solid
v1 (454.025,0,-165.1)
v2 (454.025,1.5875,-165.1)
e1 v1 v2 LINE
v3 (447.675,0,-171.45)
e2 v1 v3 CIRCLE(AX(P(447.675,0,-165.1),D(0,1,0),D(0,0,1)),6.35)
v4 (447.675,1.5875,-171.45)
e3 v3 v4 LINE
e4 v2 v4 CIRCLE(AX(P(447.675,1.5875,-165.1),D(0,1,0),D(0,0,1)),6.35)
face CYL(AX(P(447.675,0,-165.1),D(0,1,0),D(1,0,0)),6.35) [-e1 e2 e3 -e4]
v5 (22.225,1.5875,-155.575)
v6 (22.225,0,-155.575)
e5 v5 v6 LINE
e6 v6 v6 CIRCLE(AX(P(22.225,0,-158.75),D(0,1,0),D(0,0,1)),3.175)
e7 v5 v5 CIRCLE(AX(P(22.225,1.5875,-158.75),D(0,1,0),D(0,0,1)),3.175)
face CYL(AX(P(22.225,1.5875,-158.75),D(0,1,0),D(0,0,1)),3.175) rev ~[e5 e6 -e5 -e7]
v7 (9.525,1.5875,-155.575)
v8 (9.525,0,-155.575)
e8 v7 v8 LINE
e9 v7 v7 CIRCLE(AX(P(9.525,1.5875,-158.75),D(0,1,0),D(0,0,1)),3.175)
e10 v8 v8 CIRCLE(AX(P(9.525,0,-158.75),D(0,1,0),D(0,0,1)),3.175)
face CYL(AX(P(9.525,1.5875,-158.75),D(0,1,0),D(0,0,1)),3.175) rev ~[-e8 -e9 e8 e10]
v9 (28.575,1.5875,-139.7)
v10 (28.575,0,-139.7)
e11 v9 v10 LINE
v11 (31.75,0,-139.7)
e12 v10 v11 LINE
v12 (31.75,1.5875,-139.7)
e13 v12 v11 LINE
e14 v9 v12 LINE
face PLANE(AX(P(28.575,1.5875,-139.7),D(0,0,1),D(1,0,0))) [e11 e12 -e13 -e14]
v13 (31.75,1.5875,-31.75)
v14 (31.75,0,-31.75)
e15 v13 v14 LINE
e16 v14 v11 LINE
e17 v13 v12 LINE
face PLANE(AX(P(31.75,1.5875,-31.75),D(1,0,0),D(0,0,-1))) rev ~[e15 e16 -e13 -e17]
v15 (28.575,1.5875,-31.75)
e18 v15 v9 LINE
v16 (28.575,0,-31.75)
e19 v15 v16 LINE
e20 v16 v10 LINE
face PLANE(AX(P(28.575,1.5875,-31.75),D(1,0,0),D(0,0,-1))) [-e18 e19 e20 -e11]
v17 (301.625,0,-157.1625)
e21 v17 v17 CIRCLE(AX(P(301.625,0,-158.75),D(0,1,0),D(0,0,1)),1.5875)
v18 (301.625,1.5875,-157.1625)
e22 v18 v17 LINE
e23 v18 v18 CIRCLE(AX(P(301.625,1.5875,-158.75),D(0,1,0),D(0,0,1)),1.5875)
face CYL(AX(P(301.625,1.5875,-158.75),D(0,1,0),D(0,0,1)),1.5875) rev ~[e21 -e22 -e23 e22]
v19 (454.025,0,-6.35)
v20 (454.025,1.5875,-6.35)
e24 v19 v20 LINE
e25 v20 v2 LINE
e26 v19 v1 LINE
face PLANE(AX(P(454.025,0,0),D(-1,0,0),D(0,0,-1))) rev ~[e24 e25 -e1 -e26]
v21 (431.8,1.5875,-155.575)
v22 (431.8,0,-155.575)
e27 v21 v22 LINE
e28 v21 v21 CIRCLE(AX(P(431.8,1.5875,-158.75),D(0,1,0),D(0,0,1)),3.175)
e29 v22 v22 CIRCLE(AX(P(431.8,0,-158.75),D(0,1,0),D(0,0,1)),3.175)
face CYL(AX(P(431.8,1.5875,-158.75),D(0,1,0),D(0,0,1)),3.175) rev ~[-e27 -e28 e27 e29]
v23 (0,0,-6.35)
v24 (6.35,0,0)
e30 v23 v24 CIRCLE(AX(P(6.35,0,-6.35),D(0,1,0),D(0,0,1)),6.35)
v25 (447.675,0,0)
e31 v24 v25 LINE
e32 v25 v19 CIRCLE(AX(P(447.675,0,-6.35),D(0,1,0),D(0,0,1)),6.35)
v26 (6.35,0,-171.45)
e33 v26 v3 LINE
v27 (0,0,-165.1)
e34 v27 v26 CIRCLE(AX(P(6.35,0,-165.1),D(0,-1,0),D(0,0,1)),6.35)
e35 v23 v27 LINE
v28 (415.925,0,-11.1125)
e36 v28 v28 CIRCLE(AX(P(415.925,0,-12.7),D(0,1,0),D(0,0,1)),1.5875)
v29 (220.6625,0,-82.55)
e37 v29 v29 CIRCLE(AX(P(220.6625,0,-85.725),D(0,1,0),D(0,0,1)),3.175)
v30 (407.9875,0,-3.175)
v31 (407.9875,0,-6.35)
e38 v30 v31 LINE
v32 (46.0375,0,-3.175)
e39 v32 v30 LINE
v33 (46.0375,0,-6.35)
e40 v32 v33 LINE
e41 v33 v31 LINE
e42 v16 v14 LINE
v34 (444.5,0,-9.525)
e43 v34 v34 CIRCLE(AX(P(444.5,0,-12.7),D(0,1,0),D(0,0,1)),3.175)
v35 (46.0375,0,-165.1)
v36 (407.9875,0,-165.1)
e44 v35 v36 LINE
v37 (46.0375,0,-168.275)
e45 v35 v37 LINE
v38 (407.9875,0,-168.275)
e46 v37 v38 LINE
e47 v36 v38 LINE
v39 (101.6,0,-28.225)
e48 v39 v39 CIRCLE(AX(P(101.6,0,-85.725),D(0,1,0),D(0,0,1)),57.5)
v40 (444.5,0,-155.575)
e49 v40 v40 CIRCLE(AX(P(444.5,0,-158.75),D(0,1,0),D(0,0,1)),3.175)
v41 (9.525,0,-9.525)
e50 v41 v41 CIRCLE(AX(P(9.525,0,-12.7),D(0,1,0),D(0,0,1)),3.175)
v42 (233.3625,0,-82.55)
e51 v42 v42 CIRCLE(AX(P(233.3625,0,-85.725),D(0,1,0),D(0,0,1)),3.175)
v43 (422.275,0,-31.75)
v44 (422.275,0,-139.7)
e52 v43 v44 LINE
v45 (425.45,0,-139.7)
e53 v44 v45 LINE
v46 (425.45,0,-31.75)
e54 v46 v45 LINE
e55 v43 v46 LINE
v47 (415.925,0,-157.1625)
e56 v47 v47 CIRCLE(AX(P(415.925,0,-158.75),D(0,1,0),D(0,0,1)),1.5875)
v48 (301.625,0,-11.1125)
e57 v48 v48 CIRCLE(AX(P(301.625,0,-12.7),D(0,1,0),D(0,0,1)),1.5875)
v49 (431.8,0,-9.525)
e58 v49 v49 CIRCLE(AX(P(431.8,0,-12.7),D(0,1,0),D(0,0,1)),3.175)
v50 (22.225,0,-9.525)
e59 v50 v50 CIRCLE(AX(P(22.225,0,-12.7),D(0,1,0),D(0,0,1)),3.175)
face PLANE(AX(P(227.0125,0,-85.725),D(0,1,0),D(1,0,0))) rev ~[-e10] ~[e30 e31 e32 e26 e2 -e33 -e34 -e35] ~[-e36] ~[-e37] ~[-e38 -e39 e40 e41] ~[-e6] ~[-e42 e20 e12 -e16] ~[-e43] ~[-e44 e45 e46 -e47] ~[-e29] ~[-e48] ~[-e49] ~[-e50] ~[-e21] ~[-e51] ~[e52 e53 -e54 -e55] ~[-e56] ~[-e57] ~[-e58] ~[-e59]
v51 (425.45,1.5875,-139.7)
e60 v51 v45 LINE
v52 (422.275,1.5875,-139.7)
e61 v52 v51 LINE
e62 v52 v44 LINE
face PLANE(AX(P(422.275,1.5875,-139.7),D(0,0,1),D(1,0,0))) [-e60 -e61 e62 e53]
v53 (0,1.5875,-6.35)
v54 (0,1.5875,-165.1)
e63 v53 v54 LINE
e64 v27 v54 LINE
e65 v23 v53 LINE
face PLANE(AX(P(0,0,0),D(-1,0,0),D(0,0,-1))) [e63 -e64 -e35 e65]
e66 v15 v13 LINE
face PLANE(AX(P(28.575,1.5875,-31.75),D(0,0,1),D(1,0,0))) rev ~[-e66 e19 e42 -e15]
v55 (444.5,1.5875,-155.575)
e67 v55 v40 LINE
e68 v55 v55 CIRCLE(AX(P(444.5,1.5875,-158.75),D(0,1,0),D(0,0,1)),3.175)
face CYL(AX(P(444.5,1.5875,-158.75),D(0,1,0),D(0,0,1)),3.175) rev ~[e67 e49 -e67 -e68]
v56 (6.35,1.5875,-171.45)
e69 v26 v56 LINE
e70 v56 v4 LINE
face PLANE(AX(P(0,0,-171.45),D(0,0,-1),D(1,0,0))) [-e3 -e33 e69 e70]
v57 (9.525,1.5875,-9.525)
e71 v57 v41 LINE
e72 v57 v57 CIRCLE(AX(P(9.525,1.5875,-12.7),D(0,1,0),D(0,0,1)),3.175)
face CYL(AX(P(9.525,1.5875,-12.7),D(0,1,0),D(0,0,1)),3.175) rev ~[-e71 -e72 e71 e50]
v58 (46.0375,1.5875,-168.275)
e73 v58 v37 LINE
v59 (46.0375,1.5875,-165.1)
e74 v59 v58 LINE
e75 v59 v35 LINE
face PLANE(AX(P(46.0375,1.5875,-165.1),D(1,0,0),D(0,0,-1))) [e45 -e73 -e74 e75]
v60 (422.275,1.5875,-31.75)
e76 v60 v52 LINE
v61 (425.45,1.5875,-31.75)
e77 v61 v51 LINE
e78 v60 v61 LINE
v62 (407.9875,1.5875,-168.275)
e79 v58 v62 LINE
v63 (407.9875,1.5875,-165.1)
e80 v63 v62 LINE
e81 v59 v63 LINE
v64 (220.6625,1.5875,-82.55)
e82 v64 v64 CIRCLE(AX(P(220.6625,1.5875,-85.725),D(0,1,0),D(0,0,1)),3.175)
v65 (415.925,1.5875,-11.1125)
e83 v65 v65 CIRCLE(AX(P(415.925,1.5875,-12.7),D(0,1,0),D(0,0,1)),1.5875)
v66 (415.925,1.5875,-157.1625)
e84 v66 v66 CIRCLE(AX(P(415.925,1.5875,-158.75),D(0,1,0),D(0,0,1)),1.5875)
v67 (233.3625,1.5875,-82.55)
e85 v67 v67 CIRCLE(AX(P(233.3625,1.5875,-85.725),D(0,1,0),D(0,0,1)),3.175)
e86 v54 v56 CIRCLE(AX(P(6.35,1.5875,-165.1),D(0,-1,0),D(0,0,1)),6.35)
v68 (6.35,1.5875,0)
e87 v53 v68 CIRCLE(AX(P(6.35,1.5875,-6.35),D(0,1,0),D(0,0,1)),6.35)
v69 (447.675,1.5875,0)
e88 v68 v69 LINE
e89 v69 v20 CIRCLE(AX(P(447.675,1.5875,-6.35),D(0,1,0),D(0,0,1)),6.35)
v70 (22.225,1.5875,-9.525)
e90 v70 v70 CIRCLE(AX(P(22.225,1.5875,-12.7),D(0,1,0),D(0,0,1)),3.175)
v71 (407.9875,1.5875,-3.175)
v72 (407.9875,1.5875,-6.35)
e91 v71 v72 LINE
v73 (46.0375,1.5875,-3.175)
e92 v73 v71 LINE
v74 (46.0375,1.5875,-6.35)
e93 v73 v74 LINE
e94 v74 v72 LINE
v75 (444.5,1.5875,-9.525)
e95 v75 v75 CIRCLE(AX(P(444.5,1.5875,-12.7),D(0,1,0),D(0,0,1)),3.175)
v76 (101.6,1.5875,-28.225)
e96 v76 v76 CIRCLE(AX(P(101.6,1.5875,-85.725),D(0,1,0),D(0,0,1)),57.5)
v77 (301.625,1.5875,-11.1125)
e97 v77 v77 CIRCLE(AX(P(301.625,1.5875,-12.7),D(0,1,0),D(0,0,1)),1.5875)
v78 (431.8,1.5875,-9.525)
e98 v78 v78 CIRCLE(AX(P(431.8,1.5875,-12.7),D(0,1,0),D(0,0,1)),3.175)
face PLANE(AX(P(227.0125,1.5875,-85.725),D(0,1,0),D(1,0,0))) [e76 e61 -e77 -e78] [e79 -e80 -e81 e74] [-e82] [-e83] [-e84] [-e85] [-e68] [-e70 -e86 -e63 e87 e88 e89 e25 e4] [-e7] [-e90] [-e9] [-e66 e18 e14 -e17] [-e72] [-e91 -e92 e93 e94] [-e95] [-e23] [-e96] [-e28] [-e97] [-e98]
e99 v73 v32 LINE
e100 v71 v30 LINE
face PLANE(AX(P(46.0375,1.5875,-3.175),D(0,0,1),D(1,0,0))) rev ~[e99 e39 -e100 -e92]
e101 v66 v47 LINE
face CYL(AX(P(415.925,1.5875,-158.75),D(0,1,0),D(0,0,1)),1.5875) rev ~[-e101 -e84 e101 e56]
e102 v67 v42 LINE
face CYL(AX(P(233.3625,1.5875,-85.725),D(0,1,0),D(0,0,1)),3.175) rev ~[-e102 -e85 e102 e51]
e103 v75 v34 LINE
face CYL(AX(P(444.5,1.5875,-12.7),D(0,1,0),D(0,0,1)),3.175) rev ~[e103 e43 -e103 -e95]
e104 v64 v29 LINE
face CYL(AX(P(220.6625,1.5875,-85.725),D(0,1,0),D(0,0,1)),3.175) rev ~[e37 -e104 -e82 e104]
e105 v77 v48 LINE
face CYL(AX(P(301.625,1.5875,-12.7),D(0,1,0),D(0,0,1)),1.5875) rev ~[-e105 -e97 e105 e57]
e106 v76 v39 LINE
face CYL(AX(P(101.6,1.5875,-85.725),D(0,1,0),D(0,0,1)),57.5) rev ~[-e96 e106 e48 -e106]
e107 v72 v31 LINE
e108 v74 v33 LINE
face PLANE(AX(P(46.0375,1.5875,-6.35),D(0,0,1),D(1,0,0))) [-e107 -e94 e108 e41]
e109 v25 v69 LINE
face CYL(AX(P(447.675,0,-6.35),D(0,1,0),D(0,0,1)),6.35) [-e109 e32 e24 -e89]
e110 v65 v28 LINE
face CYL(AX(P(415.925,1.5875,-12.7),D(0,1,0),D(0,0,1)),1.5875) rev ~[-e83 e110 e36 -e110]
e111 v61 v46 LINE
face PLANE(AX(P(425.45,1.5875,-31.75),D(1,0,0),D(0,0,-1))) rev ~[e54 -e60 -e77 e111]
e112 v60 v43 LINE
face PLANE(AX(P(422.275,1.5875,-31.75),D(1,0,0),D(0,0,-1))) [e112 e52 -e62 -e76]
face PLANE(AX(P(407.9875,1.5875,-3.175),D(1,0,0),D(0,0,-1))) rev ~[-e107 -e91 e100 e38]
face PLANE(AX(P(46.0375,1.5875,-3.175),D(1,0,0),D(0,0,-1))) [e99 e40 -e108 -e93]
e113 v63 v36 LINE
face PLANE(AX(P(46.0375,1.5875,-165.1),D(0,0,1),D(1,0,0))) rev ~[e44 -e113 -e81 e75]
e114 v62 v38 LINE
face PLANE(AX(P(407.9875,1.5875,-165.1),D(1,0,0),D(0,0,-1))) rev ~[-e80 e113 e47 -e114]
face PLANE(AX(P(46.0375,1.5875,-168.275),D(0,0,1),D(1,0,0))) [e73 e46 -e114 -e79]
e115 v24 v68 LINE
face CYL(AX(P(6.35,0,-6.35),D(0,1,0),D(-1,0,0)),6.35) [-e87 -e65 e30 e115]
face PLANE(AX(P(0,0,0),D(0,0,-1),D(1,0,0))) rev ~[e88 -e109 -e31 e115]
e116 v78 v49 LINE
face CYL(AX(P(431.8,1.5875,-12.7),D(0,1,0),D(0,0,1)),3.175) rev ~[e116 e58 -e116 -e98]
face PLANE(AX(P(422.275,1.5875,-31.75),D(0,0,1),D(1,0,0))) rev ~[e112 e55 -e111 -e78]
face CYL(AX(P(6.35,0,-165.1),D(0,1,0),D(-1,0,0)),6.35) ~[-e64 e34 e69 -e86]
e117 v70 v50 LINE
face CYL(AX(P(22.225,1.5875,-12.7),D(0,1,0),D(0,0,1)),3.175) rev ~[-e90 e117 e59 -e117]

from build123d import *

# Parameters (mm, degrees)
SKETCH1_W           = 454.025
SKETCH1_H           = 171.45
BOSS_EXTRUDE1_DEPTH = 1.5875
FILLET1_R           = 6.35
SKETCH3_W           = 361.95
SKETCH3_H           = 3.175
SKETCH3_W_2         = 3.175
SKETCH3_H_2         = 107.95
CUT_EXTRUDE1_DEPTH  = 486.320845711
SKETCH4_R           = 3.175
CUT_EXTRUDE2_DEPTH  = 486.320845711
SKETCH6_R           = 1.5875
CUT_EXTRUDE3_DEPTH  = 486.320845711
SKETCH7_R           = 57.5
CUT_EXTRUDE4_DEPTH  = 486.320845711


with BuildPart() as part:
    # Sketch1 → Boss-Extrude1 (new body)
    with BuildSketch(Plane(origin=(0, 0, 0), x_dir=(1, 0, 0), z_dir=(0, 1, 0))):
        with Locations((227.0125, 85.725)):
            Rectangle(SKETCH1_W, SKETCH1_H)
    extrude(amount=BOSS_EXTRUDE1_DEPTH)

    # Fillet1
    fillet1_edges = [part.edges().sort_by_distance(p)[0] for p in [
        (0, 0.79375, -171.45),
        (454.025, 0.79375, -171.45),
        (454.025, 0.79375, 0),
        (0, 0.79375, 0),
    ]]
    fillet(fillet1_edges, radius=FILLET1_R)

    # Sketch3 → Cut-Extrude1 (cut, through all)
    with BuildSketch(Plane(origin=(0, 1.5875, 0), x_dir=(1, 0, 0), z_dir=(0, 1, 0))):
        with Locations((227.0125, 166.6875)):
            Rectangle(SKETCH3_W, SKETCH3_H)
        with Locations((30.1625, 85.725)):
            Rectangle(SKETCH3_W_2, SKETCH3_H_2)
        with Locations((227.0125, 4.7625)):
            Rectangle(SKETCH3_W, SKETCH3_H)
        with Locations((423.8625, 85.725)):
            Rectangle(SKETCH3_W_2, SKETCH3_H_2)
    extrude(amount=-CUT_EXTRUDE1_DEPTH, mode=Mode.SUBTRACT)

    # Sketch4 → Cut-Extrude2 (cut, through all)
    with BuildSketch(Plane(origin=(0, 1.5875, 0), x_dir=(1, 0, 0), z_dir=(0, 1, 0))):
        with Locations(Location((9.525, 158.75, 0), (0, 0, 270))):
            Circle(SKETCH4_R)
        with Locations(Location((22.225, 158.75, 0), (0, 0, 270))):
            Circle(SKETCH4_R)
        with Locations(Location((431.8, 158.75, 0), (0, 0, 270))):
            Circle(SKETCH4_R)
        with Locations(Location((444.5, 158.75, 0), (0, 0, 270))):
            Circle(SKETCH4_R)
        with Locations(Location((431.8, 12.7, 0), (0, 0, 270))):
            Circle(SKETCH4_R)
        with Locations(Location((444.5, 12.7, 0), (0, 0, 270))):
            Circle(SKETCH4_R)
        with Locations(Location((9.525, 12.7, 0), (0, 0, 270))):
            Circle(SKETCH4_R)
        with Locations(Location((22.225, 12.7, 0), (0, 0, 270))):
            Circle(SKETCH4_R)
        with Locations(Location((220.6625, 85.725, 0), (0, 0, 270))):
            Circle(SKETCH4_R)
        with Locations(Location((233.3625, 85.725, 0), (0, 0, 270))):
            Circle(SKETCH4_R)
    extrude(amount=-CUT_EXTRUDE2_DEPTH, mode=Mode.SUBTRACT)

    # Sketch6 → Cut-Extrude3 (cut, through all)
    with BuildSketch(Plane(origin=(0, 1.5875, 0), x_dir=(1, 0, 0), z_dir=(0, 1, 0))):
        with Locations(Location((301.625, 158.75, 0), (0, 0, 270))):
            Circle(SKETCH6_R)
        with Locations(Location((415.925, 158.75, 0), (0, 0, 270))):
            Circle(SKETCH6_R)
        with Locations(Location((415.925, 12.7, 0), (0, 0, 270))):
            Circle(SKETCH6_R)
        with Locations(Location((301.625, 12.7, 0), (0, 0, 270))):
            Circle(SKETCH6_R)
    extrude(amount=-CUT_EXTRUDE3_DEPTH, mode=Mode.SUBTRACT)

    # Sketch7 → Cut-Extrude4 (cut, through all)
    with BuildSketch(Plane(origin=(0, 1.5875, 0), x_dir=(1, 0, 0), z_dir=(0, 1, 0))):
        with Locations(Location((101.6, 85.725, 0), (0, 0, 270))):
            Circle(SKETCH7_R)
    extrude(amount=-CUT_EXTRUDE4_DEPTH, mode=Mode.SUBTRACT)


solid = part.part
